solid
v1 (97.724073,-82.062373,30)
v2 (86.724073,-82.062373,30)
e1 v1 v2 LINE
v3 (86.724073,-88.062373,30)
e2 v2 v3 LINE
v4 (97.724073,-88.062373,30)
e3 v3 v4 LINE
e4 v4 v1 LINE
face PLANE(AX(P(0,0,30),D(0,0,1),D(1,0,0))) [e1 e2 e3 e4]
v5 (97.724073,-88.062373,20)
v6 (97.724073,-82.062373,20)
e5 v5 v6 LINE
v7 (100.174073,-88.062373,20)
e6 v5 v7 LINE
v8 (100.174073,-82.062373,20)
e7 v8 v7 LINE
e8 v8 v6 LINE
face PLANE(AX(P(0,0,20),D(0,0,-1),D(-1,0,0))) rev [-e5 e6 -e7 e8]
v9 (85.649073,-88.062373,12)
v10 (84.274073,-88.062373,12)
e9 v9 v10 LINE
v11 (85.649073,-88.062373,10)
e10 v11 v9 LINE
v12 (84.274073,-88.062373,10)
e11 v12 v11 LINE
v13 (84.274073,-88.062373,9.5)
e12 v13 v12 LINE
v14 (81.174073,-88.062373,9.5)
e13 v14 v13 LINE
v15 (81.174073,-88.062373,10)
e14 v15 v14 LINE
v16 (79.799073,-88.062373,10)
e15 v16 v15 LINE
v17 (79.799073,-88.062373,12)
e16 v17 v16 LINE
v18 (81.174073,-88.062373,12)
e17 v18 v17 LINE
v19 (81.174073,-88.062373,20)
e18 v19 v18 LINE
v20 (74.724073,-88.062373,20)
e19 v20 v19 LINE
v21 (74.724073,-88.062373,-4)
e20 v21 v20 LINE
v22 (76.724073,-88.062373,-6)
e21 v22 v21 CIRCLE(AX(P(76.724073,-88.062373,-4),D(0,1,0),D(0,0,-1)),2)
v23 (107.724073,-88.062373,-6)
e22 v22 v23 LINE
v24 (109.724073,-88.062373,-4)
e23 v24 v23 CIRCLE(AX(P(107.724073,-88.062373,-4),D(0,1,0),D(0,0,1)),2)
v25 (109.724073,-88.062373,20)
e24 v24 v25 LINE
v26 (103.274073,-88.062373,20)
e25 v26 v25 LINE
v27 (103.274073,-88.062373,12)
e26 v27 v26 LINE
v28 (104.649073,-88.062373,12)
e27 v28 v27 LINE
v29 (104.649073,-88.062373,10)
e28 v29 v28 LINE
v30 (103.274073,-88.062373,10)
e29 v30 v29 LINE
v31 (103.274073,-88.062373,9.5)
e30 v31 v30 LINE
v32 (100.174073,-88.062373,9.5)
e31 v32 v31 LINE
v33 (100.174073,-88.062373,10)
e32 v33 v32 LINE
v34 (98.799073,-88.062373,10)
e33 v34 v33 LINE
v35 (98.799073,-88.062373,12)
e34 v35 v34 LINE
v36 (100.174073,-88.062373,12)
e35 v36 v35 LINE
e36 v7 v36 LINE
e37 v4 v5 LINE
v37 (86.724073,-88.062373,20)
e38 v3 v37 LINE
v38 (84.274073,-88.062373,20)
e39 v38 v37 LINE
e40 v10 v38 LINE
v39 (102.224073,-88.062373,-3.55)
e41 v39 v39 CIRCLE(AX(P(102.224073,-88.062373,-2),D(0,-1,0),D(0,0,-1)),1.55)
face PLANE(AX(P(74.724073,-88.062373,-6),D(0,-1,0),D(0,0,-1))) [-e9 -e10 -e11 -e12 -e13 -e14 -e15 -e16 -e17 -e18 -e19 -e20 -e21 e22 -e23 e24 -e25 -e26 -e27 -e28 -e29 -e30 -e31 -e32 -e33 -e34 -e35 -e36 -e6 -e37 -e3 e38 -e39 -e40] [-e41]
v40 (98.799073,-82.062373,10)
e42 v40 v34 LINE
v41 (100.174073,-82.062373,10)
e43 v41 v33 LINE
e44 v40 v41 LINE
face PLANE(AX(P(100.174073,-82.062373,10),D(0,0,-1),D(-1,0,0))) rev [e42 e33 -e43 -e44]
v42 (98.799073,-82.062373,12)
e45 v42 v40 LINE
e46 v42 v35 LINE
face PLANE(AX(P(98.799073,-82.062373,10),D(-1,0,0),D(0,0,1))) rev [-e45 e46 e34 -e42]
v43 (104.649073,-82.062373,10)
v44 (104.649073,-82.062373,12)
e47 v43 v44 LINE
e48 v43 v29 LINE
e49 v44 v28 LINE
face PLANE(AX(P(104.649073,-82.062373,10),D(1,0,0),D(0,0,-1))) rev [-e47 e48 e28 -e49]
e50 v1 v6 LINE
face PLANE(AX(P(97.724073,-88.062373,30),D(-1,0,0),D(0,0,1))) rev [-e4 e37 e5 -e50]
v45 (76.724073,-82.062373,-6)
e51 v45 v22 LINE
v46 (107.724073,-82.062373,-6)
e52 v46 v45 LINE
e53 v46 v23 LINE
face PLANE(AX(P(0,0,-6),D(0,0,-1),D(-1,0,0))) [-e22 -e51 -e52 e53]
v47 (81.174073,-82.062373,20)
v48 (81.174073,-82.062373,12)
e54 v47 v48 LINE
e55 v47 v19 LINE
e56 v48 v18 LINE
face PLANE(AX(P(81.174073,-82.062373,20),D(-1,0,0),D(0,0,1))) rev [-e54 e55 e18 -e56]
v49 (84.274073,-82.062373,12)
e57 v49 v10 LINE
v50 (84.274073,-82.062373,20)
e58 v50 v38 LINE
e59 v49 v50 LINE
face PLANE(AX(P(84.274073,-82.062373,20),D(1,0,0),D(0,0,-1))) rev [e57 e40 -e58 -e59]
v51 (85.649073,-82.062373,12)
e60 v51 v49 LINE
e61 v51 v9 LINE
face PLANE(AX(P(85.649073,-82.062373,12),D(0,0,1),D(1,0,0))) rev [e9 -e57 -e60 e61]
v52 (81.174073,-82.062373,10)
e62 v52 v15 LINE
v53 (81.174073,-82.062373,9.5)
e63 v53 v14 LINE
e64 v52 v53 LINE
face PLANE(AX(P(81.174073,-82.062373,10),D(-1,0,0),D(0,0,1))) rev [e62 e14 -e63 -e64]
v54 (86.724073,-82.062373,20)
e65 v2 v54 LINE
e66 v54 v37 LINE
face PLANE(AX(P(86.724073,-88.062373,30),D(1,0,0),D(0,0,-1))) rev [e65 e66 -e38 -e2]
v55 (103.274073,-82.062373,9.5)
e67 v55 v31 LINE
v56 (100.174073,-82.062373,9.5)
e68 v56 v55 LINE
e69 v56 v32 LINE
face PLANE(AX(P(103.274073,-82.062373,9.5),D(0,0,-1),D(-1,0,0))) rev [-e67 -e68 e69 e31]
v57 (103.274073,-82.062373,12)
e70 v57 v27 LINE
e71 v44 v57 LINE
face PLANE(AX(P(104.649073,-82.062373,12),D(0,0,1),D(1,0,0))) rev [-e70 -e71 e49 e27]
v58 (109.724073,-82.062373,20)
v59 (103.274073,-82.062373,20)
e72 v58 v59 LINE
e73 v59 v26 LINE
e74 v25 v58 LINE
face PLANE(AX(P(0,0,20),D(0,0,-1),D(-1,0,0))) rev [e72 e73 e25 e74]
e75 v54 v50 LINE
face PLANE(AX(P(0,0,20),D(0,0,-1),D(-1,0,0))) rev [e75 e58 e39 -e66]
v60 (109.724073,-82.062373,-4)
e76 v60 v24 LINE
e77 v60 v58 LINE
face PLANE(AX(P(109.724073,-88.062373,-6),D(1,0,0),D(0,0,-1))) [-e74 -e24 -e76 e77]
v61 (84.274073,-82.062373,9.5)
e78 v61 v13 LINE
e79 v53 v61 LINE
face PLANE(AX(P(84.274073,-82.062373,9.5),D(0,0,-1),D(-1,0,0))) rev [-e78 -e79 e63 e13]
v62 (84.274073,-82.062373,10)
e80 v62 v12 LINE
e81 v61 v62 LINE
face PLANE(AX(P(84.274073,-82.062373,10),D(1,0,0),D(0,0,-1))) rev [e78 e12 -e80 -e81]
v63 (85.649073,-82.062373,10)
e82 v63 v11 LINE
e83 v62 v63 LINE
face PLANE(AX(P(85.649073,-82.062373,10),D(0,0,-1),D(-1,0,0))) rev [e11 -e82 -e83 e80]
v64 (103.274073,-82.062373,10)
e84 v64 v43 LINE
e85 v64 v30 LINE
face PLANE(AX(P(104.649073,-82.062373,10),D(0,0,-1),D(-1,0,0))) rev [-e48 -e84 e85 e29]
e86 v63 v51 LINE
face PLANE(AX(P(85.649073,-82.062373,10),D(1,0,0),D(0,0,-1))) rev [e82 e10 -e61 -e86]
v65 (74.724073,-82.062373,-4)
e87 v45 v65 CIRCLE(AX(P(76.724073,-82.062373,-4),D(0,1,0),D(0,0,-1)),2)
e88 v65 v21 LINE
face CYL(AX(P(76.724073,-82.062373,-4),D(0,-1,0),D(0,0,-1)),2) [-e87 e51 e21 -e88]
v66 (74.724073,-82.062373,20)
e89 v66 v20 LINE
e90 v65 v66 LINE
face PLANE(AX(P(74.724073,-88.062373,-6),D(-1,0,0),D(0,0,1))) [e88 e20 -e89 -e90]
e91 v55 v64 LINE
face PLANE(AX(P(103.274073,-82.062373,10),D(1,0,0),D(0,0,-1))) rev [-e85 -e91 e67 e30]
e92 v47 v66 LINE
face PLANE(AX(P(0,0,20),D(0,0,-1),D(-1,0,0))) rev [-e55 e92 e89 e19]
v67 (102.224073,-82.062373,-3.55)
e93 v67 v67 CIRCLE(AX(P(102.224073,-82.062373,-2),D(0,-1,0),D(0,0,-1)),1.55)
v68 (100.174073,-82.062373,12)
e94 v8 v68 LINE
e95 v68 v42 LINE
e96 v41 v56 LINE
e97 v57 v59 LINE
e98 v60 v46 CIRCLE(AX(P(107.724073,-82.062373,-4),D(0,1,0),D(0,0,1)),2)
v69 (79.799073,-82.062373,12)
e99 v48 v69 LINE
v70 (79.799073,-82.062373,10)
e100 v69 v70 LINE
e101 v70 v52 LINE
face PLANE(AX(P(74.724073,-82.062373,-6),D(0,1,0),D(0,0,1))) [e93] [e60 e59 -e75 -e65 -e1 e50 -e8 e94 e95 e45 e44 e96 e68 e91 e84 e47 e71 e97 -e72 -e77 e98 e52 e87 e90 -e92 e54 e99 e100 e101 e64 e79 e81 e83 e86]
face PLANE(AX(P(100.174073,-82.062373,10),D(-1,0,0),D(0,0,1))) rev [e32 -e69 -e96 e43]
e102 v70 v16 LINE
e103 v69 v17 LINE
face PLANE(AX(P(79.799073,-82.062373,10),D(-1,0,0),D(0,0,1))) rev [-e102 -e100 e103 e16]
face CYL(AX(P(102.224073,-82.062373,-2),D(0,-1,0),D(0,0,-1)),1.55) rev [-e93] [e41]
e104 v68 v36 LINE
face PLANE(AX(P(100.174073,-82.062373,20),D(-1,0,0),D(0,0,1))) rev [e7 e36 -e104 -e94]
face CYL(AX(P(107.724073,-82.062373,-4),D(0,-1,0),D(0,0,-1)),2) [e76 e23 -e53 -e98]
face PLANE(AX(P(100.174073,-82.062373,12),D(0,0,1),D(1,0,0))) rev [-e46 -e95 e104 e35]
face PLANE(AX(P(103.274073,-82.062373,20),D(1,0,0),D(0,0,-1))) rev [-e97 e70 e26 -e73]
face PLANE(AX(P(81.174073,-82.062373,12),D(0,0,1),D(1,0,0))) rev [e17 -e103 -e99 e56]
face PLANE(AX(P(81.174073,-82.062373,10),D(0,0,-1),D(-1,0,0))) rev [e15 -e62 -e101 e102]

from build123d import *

# Parameters (mm, degrees)
DODANIE_WYCI_GNI_CIE1_DEPTH      = 20
DODANIE_WYCI_GNI_CIE1_DEPTH_BACK = 6
SZKIC1_W                         = 35
SZKIC1_H                         = 6
WYTNIJ_WYCI_GNI_CIE1_DEPTH       = 112.693205508
SZKIC4_R                         = 1.55
WYTNIJ_WYCI_GNI_CIE2_DEPTH       = 6
SZKIC6_W                         = 11
SZKIC6_H                         = 6
DODANIE_WYCI_GNI_CIE2_DEPTH      = 10
SZYK_LINIOWY1_COUNT              = 2
SZYK_LINIOWY1_PITCH              = 19
WYTNIJ_WYCI_GNI_CIE3_DEPTH       = 6


with BuildPart() as part:
    # Szkic1 → Dodanie-wyciągnięcie1 (new, two sides: drawn at the far end of the back side and taken through both)
    with BuildSketch(Plane.XY.offset(-DODANIE_WYCI_GNI_CIE1_DEPTH_BACK)):
        with Locations((92.224072822, -85.062373271)):
            Rectangle(SZKIC1_W, SZKIC1_H)
    extrude(amount=DODANIE_WYCI_GNI_CIE1_DEPTH + DODANIE_WYCI_GNI_CIE1_DEPTH_BACK)

    # Szkic3 → Wytnij-wyciągnięcie1 (cut, through all)
    with BuildSketch(Plane.XZ.offset(88.062373271)):
        Polygon((103.274072822, 20), (100.174072822, 20), (100.174072822, 12), (98.799072822, 12), (98.799072822, 10), (100.174072822, 10), (100.174072822, 9.5), (103.274072822, 9.5), (103.274072822, 10), (104.649072822, 10), (104.649072822, 12), (103.274072822, 12), align=None)
    wytnij_wyci_gni_cie1 = extrude(amount=-WYTNIJ_WYCI_GNI_CIE1_DEPTH, mode=Mode.SUBTRACT)

    # Szkic4 → Wytnij-wyciągnięcie2 (cut)
    with BuildSketch(Plane.XZ.offset(88.062373271)):
        with Locations(Location((102.224072822, -2, 0), (0, 0, 270))):
            Circle(SZKIC4_R)
    extrude(amount=-WYTNIJ_WYCI_GNI_CIE2_DEPTH, mode=Mode.SUBTRACT)

    # Szkic6 → Dodanie-wyciągnięcie2 (add)
    with BuildSketch(Plane.XY.offset(20)):
        with Locations((92.224072822, -85.062373271)):
            Rectangle(SZKIC6_W, SZKIC6_H)
    extrude(amount=DODANIE_WYCI_GNI_CIE2_DEPTH)

    # Szyk liniowy1: Wytnij-wyciągnięcie1 ×2
    with Locations(*[(-i * SZYK_LINIOWY1_PITCH, 0, 0) for i in range(1, SZYK_LINIOWY1_COUNT)]):
        add(wytnij_wyci_gni_cie1, mode=Mode.SUBTRACT)

    # Szkic7 → Wytnij-wyciągnięcie3 (cut)
    with BuildSketch(Plane.XZ.offset(88.062373271)):
        with BuildLine():
            Line((109.724072822, -4), (109.724072822, -6))
            Line((109.724072822, -6), (107.724072822, -6))
            ThreePointArc((107.724072822, -6), (109.138286384, -5.414213562), (109.724072822, -4))
        make_face()
        with BuildLine():
            Line((76.724072822, -6), (74.724072822, -6))
            Line((74.724072822, -6), (74.724072822, -4))
            ThreePointArc((74.724072822, -4), (75.30985926, -5.414213562), (76.724072822, -6))
        make_face()
    extrude(amount=-WYTNIJ_WYCI_GNI_CIE3_DEPTH, mode=Mode.SUBTRACT)


solid = part.part
